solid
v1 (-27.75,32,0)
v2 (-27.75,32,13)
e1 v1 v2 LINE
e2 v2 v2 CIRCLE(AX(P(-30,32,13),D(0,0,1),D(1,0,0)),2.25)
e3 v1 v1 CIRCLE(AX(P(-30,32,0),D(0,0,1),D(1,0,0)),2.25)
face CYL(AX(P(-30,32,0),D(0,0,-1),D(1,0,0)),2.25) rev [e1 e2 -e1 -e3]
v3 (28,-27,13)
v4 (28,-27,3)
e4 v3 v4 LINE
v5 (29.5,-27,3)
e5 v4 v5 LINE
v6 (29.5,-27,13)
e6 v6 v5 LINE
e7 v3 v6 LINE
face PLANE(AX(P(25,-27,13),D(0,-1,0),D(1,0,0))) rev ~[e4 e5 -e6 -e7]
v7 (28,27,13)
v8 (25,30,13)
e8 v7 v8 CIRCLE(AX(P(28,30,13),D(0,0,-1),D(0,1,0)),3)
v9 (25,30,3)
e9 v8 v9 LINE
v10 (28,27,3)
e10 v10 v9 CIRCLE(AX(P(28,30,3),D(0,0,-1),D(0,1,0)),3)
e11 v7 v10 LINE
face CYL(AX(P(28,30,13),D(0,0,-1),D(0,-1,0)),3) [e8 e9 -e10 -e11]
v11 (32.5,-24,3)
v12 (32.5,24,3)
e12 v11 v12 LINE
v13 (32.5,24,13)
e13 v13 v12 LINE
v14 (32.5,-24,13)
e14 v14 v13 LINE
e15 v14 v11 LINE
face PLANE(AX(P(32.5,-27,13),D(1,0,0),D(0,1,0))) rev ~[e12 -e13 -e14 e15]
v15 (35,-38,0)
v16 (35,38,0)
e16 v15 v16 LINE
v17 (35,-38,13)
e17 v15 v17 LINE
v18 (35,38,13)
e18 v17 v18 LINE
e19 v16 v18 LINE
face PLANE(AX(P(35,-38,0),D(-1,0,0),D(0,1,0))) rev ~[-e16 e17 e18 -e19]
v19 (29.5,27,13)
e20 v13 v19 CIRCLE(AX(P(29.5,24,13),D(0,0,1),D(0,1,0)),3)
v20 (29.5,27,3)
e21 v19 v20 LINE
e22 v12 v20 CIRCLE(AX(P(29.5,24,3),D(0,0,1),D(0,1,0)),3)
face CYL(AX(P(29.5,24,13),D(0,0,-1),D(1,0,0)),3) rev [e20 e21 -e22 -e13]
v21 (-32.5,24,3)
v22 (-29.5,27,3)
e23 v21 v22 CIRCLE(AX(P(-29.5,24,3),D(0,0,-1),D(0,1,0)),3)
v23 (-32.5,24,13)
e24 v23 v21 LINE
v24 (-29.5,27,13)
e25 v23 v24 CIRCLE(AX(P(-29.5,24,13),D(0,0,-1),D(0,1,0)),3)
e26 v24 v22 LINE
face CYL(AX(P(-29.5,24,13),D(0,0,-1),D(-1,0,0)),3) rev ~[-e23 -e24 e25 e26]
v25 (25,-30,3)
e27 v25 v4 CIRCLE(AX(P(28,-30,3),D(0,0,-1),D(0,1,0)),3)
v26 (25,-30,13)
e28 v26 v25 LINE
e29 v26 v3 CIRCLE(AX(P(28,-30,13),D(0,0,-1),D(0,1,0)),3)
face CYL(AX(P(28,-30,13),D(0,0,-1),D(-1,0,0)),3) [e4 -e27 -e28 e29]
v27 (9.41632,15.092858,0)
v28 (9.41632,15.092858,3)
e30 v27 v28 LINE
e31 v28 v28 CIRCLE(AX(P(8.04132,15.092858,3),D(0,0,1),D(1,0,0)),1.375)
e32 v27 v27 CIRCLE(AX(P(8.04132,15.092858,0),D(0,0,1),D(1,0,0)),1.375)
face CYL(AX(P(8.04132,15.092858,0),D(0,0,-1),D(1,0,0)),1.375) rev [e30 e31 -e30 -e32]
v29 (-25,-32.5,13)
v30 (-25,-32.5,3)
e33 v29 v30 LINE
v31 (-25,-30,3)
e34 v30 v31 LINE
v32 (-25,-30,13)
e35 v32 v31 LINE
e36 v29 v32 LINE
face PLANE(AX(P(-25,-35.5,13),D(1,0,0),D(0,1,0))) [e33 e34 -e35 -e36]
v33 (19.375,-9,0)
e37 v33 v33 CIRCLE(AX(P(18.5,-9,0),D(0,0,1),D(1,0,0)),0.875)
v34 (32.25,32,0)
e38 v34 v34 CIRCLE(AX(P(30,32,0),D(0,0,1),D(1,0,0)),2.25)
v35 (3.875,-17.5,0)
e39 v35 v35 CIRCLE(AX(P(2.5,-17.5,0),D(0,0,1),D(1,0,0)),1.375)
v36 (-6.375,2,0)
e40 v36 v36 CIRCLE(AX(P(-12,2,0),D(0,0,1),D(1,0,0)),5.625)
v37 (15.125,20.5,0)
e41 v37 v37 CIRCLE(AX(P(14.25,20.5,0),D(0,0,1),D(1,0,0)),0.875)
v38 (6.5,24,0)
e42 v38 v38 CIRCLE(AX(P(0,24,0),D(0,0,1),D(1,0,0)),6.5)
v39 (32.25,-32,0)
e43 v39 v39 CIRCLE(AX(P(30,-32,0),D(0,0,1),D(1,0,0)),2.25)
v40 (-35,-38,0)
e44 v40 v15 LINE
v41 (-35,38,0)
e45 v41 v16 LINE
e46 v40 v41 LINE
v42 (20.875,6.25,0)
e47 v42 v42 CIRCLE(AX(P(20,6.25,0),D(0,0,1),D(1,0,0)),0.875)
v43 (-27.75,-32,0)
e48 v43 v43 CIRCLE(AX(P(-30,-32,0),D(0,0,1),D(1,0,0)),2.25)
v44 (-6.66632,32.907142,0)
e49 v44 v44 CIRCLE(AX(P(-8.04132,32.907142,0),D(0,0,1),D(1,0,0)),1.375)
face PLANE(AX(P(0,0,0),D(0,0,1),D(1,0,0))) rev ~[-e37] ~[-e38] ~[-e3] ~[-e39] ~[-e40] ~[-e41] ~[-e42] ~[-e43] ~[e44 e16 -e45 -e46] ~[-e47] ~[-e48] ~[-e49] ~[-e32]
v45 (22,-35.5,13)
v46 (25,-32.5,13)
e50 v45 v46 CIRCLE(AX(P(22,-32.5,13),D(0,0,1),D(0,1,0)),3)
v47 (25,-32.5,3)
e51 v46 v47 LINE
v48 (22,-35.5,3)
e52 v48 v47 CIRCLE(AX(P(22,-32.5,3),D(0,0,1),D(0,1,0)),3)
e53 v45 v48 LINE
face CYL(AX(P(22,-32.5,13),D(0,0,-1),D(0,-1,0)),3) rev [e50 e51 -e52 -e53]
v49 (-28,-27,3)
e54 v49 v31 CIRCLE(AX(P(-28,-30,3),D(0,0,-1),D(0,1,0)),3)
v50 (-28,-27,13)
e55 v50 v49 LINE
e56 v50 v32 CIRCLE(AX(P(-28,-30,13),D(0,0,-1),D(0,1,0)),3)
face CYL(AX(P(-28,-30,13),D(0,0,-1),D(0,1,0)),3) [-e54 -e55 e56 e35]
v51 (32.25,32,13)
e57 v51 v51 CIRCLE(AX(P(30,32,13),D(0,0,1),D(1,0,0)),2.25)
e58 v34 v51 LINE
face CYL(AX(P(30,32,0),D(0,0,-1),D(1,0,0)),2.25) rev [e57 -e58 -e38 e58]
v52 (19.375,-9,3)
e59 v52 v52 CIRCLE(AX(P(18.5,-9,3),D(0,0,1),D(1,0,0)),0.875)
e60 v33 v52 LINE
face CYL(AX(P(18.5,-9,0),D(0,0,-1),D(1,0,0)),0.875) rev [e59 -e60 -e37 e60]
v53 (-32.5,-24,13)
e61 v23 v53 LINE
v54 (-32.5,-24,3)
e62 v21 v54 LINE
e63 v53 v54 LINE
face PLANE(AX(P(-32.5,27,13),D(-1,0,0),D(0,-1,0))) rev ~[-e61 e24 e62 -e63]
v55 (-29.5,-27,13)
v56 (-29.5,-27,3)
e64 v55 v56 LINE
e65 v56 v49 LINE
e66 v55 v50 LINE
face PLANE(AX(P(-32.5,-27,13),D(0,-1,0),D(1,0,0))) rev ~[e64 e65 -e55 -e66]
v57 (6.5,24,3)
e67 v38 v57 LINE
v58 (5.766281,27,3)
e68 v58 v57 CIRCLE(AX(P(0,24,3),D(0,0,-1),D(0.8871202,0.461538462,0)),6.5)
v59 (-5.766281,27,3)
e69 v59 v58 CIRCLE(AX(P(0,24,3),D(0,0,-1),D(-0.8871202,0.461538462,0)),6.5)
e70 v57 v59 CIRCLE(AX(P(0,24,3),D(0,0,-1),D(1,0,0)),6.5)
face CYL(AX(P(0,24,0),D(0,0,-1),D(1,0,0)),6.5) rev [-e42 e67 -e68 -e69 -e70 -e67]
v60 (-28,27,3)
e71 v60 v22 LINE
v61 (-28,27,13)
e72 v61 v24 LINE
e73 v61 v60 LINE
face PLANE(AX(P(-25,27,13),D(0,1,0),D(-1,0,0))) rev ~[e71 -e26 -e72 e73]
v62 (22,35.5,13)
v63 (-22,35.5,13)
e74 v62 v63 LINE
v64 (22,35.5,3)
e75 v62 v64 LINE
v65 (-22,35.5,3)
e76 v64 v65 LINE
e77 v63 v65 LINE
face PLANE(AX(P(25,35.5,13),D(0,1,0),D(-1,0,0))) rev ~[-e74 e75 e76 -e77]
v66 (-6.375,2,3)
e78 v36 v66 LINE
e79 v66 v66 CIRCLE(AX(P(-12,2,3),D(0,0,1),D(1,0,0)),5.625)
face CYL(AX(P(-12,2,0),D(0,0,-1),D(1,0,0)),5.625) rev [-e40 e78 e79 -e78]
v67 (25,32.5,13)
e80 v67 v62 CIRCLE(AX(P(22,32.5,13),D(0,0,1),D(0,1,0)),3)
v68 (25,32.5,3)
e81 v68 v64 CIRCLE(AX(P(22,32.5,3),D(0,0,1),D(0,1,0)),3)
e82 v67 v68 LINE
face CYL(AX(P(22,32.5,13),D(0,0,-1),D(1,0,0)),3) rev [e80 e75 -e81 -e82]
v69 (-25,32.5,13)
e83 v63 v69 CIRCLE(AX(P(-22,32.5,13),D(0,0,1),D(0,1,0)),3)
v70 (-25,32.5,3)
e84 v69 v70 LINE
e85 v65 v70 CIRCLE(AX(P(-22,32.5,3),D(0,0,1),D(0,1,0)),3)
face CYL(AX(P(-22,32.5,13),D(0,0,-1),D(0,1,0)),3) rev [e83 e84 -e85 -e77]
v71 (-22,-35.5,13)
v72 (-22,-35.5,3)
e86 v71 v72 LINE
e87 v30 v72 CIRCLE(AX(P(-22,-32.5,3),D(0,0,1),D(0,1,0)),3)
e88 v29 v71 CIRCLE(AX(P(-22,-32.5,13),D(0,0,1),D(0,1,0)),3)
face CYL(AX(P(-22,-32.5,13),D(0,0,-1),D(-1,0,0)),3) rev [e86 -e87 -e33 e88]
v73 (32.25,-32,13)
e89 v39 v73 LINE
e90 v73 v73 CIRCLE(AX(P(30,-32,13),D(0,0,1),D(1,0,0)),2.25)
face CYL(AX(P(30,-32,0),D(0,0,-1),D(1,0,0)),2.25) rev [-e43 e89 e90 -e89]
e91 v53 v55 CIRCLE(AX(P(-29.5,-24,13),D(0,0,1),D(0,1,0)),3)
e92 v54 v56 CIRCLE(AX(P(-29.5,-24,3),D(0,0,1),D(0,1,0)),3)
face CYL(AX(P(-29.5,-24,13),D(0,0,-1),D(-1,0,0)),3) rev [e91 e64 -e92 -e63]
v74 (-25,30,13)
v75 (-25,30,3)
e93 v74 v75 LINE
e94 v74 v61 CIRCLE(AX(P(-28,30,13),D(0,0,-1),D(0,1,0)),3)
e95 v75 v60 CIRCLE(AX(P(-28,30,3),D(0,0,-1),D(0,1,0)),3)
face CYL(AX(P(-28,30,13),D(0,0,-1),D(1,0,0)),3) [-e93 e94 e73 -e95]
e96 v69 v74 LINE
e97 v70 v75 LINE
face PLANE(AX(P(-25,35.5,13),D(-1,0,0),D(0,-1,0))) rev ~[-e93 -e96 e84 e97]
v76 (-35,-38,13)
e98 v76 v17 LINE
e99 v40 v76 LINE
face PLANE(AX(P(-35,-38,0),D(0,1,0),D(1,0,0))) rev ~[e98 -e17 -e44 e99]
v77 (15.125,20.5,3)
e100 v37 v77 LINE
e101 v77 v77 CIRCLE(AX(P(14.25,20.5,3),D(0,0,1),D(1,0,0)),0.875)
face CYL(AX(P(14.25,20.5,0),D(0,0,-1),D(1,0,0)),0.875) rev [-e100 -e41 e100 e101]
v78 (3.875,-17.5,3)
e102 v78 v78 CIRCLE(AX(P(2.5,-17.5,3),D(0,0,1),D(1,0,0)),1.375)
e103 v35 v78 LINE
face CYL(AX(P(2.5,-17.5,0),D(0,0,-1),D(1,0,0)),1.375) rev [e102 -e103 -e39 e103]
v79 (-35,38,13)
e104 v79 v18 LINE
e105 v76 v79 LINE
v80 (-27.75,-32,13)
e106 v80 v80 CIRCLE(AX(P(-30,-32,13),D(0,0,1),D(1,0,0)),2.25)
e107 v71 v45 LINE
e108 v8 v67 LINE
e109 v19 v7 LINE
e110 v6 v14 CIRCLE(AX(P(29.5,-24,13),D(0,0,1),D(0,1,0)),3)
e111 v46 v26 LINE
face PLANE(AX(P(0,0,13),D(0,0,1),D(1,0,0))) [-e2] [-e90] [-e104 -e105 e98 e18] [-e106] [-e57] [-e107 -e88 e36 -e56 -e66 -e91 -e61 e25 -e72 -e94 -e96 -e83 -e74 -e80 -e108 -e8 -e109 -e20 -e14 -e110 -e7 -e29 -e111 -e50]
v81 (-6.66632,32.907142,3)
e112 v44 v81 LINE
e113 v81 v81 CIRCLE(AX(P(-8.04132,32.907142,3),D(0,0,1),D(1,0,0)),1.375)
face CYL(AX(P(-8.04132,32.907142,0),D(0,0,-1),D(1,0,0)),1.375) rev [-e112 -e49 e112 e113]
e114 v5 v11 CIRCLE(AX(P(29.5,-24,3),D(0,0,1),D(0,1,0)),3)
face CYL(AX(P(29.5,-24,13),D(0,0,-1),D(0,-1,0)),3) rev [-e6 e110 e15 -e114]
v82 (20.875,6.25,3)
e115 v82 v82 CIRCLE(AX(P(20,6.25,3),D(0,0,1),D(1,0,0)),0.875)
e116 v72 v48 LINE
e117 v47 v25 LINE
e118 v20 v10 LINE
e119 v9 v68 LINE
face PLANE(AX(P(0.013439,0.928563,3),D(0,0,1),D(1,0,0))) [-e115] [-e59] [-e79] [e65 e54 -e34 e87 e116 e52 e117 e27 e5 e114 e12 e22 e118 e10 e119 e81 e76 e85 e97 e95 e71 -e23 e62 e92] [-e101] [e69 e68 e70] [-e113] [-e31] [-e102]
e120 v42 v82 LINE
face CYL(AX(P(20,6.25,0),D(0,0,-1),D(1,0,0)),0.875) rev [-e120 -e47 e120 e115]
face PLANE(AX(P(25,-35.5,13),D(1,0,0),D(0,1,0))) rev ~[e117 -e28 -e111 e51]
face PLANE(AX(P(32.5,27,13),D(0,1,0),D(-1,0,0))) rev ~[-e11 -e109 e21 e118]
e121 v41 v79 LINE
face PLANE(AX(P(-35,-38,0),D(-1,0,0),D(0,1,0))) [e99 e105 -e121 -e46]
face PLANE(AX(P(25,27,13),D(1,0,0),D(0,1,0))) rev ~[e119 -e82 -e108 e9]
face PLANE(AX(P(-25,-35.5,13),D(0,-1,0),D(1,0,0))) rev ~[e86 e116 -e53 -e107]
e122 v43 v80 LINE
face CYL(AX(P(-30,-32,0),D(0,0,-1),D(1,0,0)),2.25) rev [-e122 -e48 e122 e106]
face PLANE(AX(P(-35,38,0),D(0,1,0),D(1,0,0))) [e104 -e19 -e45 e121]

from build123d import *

# Parameters (mm, degrees)
F0_W     = 70
F0_H     = 76
F0_R     = 2.25
F0_R_2   = 1.375
F0_R_3   = 0.875
F0_R_4   = 5.625
F0_R_5   = 6.5
F1_DEPTH = 13
F2_R     = 1.375
F2_R_2   = 0.875
F2_R_3   = 5.625
F2_W     = 50
F2_H     = 8.5
F3_DEPTH = 10
F4_R     = 3


with BuildPart() as f1:
    # F0 (on Top) → F1 (new body)
    with BuildSketch(Plane.XY):
        Rectangle(F0_W, F0_H)
        with Locations((-30, -32)):
            Circle(F0_R, mode=Mode.SUBTRACT)
        with Locations((30, -32)):
            Circle(F0_R, mode=Mode.SUBTRACT)
        with Locations((2.5, -17.5)):
            Circle(F0_R_2, mode=Mode.SUBTRACT)
        with Locations((18.5, -9)):
            Circle(F0_R_3, mode=Mode.SUBTRACT)
        with Locations((-12, 2)):
            Circle(F0_R_4, mode=Mode.SUBTRACT)
        with Locations((-30, 32)):
            Circle(F0_R, mode=Mode.SUBTRACT)
        with Locations((-8.0413195181, 32.907142101)):
            Circle(F0_R_2, mode=Mode.SUBTRACT)
        with Locations((8.0413195181, 15.092857899)):
            Circle(F0_R_2, mode=Mode.SUBTRACT)
        with Locations((20, 6.25)):
            Circle(F0_R_3, mode=Mode.SUBTRACT)
        with Locations((0, 24)):
            Circle(F0_R_5, mode=Mode.SUBTRACT)
        with Locations((14.25, 20.5)):
            Circle(F0_R_3, mode=Mode.SUBTRACT)
        with Locations((30, 32)):
            Circle(F0_R, mode=Mode.SUBTRACT)
    extrude(amount=F1_DEPTH)

    # F2 (on face) → F3 (cut)
    with BuildSketch(Plane.XY.offset(13)):
        with BuildLine():
            Line((-25, 27), (-32.5, 27))
            Line((-32.5, 27), (-32.5, -27))
            Line((-32.5, -27), (-25, -27))
            Line((-25, -27), (25, -27))
            Line((25, -27), (32.5, -27))
            Line((32.5, -27), (32.5, 27))
            Line((32.5, 27), (25, 27))
            Line((25, 27), (5.7662812973, 27))
            ThreePointArc((5.7662812973, 27), (6.3139064149, 25.5442104078), (6.5, 24))
            ThreePointArc((6.5, 24), (-1.5442104078, 17.6860935851), (-5.7662812973, 27))
            Line((-5.7662812973, 27), (-25, 27))
        make_face()
        with Locations((2.5, -17.5)):
            Circle(F2_R, mode=Mode.SUBTRACT)
        with Locations((18.5, -9)):
            Circle(F2_R_2, mode=Mode.SUBTRACT)
        with Locations((-12, 2)):
            Circle(F2_R_3, mode=Mode.SUBTRACT)
        with Locations((8.0413195181, 15.092857899)):
            Circle(F2_R, mode=Mode.SUBTRACT)
        with Locations((20, 6.25)):
            Circle(F2_R_2, mode=Mode.SUBTRACT)
        with Locations((14.25, 20.5)):
            Circle(F2_R_2, mode=Mode.SUBTRACT)
        with BuildLine():
            Line((-25, 35.5), (-25, 27))
            Line((-25, 27), (-5.7662812973, 27))
            ThreePointArc((-5.7662812973, 27), (0, 30.5), (5.7662812973, 27))
            Line((5.7662812973, 27), (25, 27))
            Line((25, 27), (25, 35.5))
            Line((25, 35.5), (-25, 35.5))
        make_face()
        with Locations((-8.0413195181, 32.907142101)):
            Circle(F2_R, mode=Mode.SUBTRACT)
        with Locations((0, -31.25)):
            Rectangle(F2_W, F2_H)
    extrude(amount=-F3_DEPTH, mode=Mode.SUBTRACT)

    # F4
    f4_edges = [f1.edges().sort_by_distance(p)[0] for p in [
        (-25, 27, 8),
        (25, 27, 8),
        (-25, -27, 8),
        (25, -27, 8),
        (32.5, -27, 8),
        (32.5, 27, 8),
        (25, 35.5, 8),
        (-25, 35.5, 8),
        (-32.5, 27, 8),
        (-32.5, -27, 8),
        (-25, -35.5, 8),
        (25, -35.5, 8),
    ]]
    fillet(f4_edges, radius=F4_R)


solid = f1.part
